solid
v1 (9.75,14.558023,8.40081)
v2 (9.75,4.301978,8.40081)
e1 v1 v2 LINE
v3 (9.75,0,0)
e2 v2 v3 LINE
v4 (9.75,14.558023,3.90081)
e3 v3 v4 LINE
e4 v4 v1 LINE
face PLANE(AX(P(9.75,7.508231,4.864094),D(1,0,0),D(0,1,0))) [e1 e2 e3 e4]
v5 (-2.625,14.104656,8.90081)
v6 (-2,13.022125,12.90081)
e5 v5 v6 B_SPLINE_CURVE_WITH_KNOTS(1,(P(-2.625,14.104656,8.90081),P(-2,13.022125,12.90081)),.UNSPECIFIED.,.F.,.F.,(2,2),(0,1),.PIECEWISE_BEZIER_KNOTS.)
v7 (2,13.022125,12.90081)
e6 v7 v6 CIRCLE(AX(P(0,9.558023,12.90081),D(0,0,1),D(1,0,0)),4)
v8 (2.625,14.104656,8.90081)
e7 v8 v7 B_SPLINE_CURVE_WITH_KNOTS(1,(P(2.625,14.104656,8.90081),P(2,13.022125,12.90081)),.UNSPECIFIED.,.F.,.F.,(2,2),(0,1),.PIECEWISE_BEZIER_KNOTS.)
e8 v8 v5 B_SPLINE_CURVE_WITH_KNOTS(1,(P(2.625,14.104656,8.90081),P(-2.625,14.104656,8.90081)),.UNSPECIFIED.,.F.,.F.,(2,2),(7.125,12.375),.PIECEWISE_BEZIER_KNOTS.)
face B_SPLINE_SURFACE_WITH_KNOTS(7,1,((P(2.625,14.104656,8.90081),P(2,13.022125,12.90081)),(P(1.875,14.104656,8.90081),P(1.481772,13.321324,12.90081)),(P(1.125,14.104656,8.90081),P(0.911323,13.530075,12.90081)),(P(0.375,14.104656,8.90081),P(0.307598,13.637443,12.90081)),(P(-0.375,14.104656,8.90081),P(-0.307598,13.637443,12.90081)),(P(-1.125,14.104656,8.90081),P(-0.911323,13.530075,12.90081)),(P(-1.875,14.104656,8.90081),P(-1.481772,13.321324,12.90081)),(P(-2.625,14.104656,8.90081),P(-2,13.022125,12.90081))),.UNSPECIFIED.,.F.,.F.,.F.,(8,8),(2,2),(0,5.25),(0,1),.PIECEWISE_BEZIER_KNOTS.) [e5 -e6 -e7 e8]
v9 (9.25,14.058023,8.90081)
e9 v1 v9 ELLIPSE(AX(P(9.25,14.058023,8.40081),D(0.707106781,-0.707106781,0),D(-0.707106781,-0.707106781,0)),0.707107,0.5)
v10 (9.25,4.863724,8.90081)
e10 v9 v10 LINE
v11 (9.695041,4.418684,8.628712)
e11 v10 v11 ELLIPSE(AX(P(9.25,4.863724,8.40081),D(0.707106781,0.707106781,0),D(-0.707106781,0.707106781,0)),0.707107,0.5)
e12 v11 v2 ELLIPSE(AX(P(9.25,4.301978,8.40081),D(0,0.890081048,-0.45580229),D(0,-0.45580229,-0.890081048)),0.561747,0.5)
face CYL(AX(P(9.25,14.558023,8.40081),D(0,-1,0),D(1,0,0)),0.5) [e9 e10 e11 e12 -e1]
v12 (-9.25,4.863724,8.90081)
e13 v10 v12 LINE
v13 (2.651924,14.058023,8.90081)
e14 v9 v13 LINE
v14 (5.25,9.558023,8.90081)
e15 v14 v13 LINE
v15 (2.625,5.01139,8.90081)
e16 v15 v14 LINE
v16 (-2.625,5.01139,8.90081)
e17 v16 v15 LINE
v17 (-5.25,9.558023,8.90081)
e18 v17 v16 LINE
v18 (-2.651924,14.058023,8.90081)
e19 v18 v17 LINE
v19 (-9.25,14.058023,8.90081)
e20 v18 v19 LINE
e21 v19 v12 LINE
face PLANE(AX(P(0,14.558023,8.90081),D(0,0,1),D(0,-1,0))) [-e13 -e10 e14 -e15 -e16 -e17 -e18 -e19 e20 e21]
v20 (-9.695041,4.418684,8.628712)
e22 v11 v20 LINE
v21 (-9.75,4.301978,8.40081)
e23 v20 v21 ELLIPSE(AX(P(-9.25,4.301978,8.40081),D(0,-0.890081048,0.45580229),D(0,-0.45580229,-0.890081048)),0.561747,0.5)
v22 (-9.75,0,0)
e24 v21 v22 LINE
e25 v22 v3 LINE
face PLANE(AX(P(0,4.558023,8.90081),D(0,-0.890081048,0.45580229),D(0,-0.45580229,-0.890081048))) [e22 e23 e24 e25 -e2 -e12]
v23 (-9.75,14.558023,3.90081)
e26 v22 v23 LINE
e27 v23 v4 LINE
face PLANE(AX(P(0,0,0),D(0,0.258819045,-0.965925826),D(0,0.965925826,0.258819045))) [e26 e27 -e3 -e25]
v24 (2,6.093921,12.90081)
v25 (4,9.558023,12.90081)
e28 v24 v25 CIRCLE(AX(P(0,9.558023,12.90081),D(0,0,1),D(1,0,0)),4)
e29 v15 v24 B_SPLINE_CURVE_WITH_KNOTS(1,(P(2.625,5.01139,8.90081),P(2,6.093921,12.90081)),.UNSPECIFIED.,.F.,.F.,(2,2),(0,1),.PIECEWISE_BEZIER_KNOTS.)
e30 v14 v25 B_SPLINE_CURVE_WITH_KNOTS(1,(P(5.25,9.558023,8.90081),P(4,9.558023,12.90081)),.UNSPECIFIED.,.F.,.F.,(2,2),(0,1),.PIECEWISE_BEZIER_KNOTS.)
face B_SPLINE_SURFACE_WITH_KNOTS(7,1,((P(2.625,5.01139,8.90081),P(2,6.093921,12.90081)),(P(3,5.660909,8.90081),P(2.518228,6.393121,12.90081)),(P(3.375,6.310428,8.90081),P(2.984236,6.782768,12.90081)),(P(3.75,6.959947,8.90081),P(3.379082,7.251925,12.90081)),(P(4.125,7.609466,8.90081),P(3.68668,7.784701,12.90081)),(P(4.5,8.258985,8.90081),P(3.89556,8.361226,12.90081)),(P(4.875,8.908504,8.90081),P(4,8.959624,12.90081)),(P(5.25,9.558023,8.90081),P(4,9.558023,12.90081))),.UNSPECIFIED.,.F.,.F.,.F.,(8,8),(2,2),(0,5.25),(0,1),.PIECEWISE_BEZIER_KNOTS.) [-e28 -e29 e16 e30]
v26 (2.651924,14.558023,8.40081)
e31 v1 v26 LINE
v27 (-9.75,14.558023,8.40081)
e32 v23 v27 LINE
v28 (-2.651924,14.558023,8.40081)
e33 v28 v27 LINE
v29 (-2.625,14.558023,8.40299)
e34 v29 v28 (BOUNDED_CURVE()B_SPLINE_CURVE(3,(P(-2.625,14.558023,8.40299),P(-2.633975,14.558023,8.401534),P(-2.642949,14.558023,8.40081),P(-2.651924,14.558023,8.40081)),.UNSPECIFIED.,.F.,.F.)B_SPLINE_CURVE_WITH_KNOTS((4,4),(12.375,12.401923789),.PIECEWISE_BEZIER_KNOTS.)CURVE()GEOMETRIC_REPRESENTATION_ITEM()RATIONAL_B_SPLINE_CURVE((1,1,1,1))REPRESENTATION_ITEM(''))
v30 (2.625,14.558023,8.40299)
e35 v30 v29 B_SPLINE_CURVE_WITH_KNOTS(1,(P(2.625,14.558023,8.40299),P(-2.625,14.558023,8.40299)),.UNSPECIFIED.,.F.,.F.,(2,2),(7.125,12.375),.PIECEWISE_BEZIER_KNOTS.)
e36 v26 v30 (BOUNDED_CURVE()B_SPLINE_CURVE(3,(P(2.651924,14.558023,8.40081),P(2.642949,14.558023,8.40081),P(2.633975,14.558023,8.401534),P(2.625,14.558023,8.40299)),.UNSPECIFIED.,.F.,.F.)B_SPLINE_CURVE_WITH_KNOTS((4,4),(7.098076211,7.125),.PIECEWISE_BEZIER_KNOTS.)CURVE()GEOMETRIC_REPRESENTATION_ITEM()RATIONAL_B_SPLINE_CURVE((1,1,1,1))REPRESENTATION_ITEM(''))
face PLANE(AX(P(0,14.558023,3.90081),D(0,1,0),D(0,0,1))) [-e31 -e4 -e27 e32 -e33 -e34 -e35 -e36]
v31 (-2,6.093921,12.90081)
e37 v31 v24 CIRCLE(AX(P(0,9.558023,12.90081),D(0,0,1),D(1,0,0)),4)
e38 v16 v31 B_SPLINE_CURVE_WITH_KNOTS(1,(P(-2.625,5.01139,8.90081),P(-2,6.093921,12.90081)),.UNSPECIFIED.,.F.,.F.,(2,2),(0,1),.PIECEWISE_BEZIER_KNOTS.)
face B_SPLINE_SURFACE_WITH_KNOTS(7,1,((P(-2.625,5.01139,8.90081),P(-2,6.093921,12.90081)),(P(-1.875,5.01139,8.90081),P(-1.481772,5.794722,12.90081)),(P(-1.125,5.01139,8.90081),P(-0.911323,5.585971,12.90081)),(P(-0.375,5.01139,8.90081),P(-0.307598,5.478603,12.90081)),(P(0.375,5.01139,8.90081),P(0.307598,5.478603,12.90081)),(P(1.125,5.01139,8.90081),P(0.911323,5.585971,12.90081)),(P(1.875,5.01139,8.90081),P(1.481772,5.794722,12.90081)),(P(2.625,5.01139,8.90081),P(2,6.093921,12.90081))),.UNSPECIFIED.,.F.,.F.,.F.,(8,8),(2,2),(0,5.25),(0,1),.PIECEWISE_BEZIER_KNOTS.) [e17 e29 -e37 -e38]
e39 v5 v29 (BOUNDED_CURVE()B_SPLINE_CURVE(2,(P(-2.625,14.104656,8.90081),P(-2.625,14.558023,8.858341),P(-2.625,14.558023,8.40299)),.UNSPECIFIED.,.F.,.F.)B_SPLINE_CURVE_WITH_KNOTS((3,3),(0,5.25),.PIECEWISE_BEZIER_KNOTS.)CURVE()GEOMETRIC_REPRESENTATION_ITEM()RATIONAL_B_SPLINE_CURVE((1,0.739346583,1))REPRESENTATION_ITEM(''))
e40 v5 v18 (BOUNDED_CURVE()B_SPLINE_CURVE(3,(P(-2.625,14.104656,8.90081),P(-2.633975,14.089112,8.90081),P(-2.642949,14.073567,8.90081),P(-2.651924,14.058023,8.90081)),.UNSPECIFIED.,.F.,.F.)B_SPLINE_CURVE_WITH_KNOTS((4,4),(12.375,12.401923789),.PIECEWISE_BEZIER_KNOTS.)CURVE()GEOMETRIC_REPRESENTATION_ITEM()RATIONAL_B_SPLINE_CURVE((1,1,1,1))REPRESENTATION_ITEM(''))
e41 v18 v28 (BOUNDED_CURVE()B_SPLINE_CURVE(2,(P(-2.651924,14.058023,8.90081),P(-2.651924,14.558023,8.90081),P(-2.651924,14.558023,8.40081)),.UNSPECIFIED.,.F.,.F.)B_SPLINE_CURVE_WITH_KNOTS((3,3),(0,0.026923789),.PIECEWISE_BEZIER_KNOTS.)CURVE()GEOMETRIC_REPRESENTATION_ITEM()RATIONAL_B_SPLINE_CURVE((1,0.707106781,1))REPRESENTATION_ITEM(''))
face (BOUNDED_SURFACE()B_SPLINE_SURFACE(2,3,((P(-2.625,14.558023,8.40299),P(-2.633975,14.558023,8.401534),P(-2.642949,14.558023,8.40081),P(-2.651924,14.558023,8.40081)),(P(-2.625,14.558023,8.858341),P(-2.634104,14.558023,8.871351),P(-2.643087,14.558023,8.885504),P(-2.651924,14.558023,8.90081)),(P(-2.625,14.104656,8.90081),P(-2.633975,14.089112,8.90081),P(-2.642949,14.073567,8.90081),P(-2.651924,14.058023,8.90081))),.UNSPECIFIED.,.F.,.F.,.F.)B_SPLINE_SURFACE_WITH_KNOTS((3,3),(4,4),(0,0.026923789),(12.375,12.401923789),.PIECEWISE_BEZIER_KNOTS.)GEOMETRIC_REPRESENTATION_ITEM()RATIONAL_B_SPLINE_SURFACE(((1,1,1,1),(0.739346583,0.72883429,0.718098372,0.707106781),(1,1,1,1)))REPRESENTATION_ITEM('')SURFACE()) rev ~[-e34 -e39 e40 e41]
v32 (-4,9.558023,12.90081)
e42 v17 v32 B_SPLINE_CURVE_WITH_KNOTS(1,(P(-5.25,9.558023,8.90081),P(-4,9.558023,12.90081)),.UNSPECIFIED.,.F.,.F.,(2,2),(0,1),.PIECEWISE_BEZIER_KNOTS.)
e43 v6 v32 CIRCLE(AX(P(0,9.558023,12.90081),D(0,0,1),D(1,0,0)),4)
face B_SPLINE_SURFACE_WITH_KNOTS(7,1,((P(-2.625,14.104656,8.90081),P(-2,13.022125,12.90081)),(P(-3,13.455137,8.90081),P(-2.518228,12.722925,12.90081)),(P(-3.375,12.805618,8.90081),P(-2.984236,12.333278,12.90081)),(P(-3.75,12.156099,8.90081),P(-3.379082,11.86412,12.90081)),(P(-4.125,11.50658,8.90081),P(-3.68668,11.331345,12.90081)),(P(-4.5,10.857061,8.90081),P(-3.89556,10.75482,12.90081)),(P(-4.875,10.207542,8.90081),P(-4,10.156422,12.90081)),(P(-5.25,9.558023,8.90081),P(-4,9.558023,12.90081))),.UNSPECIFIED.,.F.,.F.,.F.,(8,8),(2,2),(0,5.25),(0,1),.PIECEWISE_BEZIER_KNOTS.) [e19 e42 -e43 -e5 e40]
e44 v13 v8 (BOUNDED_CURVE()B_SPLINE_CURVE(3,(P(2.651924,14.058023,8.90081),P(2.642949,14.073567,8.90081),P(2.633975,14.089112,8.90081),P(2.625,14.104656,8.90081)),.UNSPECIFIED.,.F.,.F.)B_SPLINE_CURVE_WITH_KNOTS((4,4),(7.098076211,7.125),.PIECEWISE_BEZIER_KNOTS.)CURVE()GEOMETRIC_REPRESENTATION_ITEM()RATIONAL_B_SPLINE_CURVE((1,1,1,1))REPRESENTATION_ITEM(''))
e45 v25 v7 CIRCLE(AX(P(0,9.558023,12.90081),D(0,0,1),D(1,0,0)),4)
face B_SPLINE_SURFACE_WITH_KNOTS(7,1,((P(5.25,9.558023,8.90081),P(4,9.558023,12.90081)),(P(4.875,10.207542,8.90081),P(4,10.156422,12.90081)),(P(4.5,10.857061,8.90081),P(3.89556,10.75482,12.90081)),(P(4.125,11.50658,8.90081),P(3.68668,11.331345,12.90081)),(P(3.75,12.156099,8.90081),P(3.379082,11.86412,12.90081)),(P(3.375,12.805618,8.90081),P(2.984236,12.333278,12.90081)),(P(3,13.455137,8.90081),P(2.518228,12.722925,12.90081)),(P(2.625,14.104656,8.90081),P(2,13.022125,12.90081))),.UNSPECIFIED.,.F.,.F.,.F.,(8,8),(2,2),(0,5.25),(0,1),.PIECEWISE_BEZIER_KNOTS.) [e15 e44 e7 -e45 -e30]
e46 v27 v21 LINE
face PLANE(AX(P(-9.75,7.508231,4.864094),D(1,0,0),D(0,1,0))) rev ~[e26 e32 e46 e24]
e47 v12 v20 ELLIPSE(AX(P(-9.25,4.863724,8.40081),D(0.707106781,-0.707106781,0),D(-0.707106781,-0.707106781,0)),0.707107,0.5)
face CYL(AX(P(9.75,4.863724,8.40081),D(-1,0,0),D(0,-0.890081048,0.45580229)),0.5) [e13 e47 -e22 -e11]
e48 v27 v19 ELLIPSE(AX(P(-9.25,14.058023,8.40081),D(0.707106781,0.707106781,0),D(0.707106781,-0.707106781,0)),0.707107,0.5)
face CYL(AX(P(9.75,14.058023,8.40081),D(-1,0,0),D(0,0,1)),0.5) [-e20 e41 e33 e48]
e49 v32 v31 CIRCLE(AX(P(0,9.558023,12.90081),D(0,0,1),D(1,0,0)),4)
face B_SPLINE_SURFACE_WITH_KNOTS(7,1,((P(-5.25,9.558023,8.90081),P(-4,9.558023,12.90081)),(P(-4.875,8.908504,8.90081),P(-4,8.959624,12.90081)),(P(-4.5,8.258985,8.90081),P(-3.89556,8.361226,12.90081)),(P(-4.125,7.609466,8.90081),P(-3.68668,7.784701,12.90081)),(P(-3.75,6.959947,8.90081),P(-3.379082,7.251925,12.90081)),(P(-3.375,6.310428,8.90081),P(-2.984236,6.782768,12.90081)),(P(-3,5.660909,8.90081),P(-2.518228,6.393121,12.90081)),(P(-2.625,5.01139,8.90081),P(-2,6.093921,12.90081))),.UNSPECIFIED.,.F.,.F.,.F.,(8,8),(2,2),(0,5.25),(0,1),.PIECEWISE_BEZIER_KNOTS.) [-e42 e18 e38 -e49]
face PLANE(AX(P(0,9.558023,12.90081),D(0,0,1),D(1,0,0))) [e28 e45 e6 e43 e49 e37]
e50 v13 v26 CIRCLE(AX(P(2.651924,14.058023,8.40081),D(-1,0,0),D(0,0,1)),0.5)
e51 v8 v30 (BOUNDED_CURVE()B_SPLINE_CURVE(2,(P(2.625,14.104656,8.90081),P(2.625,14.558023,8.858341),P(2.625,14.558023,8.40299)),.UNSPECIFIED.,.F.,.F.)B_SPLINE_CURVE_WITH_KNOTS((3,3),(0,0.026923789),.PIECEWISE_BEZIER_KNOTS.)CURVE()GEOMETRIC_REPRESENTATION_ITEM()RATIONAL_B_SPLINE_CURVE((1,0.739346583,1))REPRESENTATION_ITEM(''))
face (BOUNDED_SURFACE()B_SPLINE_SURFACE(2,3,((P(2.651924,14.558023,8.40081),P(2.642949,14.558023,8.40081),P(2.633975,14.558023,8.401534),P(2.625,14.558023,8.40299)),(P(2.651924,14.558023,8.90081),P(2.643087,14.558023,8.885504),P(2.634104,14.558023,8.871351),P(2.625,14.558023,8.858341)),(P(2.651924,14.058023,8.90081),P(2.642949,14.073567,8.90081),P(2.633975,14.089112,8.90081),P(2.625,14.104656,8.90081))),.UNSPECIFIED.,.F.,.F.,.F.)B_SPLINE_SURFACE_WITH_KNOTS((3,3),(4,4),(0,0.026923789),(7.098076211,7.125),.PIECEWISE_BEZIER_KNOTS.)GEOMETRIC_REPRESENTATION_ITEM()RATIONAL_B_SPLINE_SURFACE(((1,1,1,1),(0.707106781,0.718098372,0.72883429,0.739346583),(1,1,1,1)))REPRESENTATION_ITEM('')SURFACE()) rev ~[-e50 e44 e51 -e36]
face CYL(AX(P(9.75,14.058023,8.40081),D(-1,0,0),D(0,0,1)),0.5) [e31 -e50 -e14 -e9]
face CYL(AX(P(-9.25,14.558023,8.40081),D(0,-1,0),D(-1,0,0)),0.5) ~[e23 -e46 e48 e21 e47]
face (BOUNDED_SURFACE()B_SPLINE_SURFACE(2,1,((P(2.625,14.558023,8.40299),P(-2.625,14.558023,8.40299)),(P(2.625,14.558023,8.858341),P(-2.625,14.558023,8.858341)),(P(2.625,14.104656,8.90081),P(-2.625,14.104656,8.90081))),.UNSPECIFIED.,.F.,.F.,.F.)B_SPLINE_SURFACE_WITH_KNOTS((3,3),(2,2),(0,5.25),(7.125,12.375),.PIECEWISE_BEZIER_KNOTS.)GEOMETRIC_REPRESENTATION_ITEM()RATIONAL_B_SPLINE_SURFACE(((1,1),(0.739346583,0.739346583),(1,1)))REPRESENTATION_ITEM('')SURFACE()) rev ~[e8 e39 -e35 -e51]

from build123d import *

# Parameters (mm, degrees)
F1_DEPTH = 9.75
F4_R     = 4
F6_R     = 0.5


with BuildPart() as f1:
    # F0 (on Right) → F1 (new body, symmetric)
    with BuildSketch(Plane.YZ):
        Polygon((4.5580229037, 8.9008104805), (0, 0), (14.5580229037, 3.9008104805), (14.5580229037, 8.9008104805), align=None)
    extrude(amount=F1_DEPTH, both=True)

    # F2 (on face) → F5 section 0
    with BuildSketch(Plane.XY.offset(8.9008104805)):
        Polygon((2.625, 14.1046562736), (-2.625, 14.1046562736), (-5.25, 9.5580229037), (-2.625, 5.0113895339), (2.625, 5.0113895339), (5.25, 9.5580229037), align=None)
    # F4 (on offset) → F5 section 1
    with BuildSketch(Plane.XY.offset(12.9008104805)):
        with Locations((0, 9.5580229037)):
            Circle(F4_R)
    loft()

    # F6
    f6_edges = [f1.edges().sort_by_distance(p)[0] for p in [
        (-9.75, 9.558023, 8.90081),
        (0, 4.558023, 8.90081),
        (9.75, 9.558023, 8.90081),
        (0, 14.558023, 8.90081),
    ]]
    fillet(f6_edges, radius=F6_R)


solid = f1.part
